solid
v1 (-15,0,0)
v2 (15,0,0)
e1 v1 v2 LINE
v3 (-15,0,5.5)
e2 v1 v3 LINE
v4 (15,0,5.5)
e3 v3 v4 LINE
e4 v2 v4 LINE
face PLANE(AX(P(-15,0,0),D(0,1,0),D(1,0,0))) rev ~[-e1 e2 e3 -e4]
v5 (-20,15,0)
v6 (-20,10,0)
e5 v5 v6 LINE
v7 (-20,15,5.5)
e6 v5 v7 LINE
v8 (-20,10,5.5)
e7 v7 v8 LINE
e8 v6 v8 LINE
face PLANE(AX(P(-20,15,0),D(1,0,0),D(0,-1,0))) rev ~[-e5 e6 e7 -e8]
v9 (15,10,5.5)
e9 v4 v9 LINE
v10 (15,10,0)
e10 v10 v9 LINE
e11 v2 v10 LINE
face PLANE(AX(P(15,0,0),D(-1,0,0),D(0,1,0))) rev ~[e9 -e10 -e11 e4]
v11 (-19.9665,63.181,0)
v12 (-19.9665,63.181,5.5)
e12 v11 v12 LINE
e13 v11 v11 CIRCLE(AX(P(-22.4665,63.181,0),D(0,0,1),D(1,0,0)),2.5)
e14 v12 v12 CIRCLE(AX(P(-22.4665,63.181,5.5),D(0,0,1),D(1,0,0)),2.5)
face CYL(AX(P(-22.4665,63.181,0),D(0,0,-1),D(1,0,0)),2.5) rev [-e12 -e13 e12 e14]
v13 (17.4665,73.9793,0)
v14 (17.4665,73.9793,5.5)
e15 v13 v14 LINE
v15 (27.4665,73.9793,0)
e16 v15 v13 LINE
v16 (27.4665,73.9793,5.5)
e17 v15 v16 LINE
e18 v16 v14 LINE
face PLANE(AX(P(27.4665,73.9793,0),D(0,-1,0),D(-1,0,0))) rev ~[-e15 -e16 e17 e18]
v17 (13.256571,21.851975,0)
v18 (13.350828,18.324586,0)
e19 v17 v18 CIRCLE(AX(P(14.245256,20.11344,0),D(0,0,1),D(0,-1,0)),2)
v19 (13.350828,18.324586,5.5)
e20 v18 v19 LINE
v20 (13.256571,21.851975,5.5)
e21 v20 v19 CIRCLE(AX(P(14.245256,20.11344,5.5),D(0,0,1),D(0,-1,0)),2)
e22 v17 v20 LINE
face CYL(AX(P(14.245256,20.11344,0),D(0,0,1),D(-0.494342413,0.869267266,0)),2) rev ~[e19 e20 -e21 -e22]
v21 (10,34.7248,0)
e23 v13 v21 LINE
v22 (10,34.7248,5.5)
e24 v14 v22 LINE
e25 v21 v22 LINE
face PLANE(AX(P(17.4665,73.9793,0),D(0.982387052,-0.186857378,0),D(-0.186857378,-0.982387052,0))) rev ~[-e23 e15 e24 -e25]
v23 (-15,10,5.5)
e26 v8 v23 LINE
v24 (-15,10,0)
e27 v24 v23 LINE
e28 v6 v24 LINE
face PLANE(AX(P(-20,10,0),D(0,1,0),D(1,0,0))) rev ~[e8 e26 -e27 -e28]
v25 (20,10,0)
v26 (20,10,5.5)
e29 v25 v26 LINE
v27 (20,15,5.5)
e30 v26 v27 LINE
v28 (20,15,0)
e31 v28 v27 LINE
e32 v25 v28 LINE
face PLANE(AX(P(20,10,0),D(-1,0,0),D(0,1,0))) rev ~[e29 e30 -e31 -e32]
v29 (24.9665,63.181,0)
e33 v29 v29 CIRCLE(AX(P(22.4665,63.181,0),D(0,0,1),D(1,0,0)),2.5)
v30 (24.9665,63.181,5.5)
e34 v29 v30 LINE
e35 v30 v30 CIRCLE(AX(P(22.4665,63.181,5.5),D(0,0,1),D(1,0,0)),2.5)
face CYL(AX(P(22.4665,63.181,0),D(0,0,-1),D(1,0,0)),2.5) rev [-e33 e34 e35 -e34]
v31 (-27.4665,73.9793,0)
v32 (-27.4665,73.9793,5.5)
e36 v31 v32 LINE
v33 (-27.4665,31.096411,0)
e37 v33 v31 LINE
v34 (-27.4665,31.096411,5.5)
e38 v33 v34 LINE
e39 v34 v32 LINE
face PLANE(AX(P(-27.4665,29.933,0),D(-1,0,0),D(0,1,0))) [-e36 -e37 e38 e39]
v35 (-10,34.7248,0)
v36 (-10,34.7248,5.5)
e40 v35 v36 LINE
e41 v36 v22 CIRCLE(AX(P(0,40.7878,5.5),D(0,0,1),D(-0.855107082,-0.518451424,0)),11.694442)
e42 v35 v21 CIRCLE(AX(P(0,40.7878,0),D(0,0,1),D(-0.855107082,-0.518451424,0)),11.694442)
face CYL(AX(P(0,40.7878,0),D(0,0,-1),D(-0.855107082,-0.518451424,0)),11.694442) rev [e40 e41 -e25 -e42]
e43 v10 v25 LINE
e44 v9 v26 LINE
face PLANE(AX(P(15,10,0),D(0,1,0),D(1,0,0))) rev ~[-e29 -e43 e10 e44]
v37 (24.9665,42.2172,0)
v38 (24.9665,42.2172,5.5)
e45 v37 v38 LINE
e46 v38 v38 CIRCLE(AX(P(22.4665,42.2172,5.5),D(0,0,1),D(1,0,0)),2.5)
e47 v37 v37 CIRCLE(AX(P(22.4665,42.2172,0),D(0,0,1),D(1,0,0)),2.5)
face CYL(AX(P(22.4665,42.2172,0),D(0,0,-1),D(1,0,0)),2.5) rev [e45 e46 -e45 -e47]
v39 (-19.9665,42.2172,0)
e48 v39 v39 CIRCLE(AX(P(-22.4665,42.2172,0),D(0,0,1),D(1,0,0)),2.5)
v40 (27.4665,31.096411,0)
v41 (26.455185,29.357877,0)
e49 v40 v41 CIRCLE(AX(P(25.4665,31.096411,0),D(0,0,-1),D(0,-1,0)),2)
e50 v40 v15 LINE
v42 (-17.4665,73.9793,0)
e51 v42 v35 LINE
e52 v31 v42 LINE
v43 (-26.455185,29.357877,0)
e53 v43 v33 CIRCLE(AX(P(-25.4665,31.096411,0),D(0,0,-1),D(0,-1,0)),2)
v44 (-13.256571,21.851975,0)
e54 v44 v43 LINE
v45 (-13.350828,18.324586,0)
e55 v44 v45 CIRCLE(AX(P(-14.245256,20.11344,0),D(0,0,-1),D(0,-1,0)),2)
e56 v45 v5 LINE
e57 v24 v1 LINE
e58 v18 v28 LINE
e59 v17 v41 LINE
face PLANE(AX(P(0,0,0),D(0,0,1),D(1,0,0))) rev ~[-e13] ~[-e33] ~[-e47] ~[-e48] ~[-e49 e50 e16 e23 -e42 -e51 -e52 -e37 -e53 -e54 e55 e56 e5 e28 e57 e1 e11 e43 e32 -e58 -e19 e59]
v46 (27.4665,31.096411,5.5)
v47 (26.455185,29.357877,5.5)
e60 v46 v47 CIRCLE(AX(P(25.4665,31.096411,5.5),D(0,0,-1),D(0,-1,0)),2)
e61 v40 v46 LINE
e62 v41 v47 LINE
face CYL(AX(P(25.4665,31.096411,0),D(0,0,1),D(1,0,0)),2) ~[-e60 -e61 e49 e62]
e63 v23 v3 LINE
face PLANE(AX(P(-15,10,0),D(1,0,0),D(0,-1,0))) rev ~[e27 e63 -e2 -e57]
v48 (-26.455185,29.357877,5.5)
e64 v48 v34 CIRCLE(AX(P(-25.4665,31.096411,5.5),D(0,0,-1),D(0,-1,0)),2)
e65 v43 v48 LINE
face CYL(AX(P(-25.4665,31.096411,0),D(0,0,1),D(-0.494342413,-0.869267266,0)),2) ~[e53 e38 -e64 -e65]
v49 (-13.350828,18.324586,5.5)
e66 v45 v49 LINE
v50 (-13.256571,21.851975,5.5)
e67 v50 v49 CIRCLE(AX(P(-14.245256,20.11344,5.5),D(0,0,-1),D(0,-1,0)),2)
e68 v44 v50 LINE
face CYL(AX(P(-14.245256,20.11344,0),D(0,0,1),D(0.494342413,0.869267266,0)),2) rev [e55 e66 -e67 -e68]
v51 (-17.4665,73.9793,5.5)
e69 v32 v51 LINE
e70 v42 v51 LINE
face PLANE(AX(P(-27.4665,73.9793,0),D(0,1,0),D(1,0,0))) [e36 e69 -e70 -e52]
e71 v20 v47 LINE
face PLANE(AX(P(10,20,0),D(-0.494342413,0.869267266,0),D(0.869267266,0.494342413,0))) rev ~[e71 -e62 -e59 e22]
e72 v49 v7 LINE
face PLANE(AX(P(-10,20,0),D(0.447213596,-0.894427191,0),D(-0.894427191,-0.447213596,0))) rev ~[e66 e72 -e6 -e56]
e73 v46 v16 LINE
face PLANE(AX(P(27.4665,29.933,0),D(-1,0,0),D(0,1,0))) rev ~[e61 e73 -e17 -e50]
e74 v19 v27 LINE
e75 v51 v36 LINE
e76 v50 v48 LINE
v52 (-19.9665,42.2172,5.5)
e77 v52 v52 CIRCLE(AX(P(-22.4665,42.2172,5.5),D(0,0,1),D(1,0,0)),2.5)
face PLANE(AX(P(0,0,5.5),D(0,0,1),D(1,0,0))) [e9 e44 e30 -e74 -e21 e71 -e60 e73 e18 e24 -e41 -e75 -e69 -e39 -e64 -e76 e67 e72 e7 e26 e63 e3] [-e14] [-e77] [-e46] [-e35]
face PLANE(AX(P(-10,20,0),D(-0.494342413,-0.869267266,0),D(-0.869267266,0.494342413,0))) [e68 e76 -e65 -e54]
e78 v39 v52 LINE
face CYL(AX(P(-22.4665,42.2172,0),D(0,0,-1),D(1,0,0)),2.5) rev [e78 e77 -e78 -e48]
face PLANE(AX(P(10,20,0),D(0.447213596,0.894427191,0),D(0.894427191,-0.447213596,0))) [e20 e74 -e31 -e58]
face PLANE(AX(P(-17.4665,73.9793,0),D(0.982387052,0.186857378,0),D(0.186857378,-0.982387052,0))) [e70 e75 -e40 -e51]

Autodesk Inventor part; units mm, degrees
ref_plane "YZ Plane" through (0, 0, 0) normal (1, 0, 0) x (0, 1, 0)
ref_plane "XZ Plane" through (0, 0, 0) normal (0, 1, 0) x (-1, 0, 0)
ref_plane "XY Plane" through (0, 0, 0) normal (0, 0, 1) x (1, 0, 0)
sketch "Sketch3" plane through (0, 0, 0) normal (0, 0, 1) x (1, 0, 0)
  line L0 (-10, 20) -> (-20, 15)
  line L1 (-10, 20) -> (-27.4665, 29.933)
  line L2 (-27.4665, 29.933) -> (-27.4665, 73.9793)
  line L3 (-27.4665, 73.9793) -> (-17.4665, 73.9793)
  line L4 (-17.4665, 73.9793) -> (-10, 34.7248)
  line L5 (10, 20) -> (20, 15)
  line L6 (10, 20) -> (27.4665, 29.933)
  line L7 (27.4665, 29.933) -> (27.4665, 73.9793)
  line L8 (27.4665, 73.9793) -> (17.4665, 73.9793)
  line L9 (17.4665, 73.9793) -> (10, 34.7248)
  circle A0 centre (-22.4665, 63.181) radius 2.5
  circle A1 centre (-22.4665, 42.2172) radius 2.5
  circle A2 centre (22.4665, 63.181) radius 2.5
  circle A3 centre (22.4665, 42.2172) radius 2.5
  arc A4 (-10, 34.7248) -> (10, 34.7248) centre (0, 40.7878) ccw
  line L10 (-20, 15) -> (-20, 10)
  line L11 (-20, 10) -> (-15, 10)
  line L12 (-15, 10) -> (-15, 0)
  line L13 (-15, 0) -> (15, 0)
  line L14 (15, 0) -> (15, 10)
  line L15 (15, 10) -> (20, 10)
  line L16 (20, 10) -> (20, 15)
  point P0 (0, 0)
  dimension "d2" = 10
  dimension "d3" = 5
  dimension "d4" = 5
  dimension "d9" = 5
  dimension "d10" = 5
  dimension "d11" = 30
  dimension "d12" = 90
  dimension "d13" = 5
extrude "Extrusion1" add sketch "Sketch3" along normal blind 5.5
fillet "Fillet1" radius 2 4 edges at (27.4665, 29.933, 2.75) (-27.4665, 29.933, 2.75) (-10, 20, 2.75) (10, 20, 2.75)
properties part number "sables"
